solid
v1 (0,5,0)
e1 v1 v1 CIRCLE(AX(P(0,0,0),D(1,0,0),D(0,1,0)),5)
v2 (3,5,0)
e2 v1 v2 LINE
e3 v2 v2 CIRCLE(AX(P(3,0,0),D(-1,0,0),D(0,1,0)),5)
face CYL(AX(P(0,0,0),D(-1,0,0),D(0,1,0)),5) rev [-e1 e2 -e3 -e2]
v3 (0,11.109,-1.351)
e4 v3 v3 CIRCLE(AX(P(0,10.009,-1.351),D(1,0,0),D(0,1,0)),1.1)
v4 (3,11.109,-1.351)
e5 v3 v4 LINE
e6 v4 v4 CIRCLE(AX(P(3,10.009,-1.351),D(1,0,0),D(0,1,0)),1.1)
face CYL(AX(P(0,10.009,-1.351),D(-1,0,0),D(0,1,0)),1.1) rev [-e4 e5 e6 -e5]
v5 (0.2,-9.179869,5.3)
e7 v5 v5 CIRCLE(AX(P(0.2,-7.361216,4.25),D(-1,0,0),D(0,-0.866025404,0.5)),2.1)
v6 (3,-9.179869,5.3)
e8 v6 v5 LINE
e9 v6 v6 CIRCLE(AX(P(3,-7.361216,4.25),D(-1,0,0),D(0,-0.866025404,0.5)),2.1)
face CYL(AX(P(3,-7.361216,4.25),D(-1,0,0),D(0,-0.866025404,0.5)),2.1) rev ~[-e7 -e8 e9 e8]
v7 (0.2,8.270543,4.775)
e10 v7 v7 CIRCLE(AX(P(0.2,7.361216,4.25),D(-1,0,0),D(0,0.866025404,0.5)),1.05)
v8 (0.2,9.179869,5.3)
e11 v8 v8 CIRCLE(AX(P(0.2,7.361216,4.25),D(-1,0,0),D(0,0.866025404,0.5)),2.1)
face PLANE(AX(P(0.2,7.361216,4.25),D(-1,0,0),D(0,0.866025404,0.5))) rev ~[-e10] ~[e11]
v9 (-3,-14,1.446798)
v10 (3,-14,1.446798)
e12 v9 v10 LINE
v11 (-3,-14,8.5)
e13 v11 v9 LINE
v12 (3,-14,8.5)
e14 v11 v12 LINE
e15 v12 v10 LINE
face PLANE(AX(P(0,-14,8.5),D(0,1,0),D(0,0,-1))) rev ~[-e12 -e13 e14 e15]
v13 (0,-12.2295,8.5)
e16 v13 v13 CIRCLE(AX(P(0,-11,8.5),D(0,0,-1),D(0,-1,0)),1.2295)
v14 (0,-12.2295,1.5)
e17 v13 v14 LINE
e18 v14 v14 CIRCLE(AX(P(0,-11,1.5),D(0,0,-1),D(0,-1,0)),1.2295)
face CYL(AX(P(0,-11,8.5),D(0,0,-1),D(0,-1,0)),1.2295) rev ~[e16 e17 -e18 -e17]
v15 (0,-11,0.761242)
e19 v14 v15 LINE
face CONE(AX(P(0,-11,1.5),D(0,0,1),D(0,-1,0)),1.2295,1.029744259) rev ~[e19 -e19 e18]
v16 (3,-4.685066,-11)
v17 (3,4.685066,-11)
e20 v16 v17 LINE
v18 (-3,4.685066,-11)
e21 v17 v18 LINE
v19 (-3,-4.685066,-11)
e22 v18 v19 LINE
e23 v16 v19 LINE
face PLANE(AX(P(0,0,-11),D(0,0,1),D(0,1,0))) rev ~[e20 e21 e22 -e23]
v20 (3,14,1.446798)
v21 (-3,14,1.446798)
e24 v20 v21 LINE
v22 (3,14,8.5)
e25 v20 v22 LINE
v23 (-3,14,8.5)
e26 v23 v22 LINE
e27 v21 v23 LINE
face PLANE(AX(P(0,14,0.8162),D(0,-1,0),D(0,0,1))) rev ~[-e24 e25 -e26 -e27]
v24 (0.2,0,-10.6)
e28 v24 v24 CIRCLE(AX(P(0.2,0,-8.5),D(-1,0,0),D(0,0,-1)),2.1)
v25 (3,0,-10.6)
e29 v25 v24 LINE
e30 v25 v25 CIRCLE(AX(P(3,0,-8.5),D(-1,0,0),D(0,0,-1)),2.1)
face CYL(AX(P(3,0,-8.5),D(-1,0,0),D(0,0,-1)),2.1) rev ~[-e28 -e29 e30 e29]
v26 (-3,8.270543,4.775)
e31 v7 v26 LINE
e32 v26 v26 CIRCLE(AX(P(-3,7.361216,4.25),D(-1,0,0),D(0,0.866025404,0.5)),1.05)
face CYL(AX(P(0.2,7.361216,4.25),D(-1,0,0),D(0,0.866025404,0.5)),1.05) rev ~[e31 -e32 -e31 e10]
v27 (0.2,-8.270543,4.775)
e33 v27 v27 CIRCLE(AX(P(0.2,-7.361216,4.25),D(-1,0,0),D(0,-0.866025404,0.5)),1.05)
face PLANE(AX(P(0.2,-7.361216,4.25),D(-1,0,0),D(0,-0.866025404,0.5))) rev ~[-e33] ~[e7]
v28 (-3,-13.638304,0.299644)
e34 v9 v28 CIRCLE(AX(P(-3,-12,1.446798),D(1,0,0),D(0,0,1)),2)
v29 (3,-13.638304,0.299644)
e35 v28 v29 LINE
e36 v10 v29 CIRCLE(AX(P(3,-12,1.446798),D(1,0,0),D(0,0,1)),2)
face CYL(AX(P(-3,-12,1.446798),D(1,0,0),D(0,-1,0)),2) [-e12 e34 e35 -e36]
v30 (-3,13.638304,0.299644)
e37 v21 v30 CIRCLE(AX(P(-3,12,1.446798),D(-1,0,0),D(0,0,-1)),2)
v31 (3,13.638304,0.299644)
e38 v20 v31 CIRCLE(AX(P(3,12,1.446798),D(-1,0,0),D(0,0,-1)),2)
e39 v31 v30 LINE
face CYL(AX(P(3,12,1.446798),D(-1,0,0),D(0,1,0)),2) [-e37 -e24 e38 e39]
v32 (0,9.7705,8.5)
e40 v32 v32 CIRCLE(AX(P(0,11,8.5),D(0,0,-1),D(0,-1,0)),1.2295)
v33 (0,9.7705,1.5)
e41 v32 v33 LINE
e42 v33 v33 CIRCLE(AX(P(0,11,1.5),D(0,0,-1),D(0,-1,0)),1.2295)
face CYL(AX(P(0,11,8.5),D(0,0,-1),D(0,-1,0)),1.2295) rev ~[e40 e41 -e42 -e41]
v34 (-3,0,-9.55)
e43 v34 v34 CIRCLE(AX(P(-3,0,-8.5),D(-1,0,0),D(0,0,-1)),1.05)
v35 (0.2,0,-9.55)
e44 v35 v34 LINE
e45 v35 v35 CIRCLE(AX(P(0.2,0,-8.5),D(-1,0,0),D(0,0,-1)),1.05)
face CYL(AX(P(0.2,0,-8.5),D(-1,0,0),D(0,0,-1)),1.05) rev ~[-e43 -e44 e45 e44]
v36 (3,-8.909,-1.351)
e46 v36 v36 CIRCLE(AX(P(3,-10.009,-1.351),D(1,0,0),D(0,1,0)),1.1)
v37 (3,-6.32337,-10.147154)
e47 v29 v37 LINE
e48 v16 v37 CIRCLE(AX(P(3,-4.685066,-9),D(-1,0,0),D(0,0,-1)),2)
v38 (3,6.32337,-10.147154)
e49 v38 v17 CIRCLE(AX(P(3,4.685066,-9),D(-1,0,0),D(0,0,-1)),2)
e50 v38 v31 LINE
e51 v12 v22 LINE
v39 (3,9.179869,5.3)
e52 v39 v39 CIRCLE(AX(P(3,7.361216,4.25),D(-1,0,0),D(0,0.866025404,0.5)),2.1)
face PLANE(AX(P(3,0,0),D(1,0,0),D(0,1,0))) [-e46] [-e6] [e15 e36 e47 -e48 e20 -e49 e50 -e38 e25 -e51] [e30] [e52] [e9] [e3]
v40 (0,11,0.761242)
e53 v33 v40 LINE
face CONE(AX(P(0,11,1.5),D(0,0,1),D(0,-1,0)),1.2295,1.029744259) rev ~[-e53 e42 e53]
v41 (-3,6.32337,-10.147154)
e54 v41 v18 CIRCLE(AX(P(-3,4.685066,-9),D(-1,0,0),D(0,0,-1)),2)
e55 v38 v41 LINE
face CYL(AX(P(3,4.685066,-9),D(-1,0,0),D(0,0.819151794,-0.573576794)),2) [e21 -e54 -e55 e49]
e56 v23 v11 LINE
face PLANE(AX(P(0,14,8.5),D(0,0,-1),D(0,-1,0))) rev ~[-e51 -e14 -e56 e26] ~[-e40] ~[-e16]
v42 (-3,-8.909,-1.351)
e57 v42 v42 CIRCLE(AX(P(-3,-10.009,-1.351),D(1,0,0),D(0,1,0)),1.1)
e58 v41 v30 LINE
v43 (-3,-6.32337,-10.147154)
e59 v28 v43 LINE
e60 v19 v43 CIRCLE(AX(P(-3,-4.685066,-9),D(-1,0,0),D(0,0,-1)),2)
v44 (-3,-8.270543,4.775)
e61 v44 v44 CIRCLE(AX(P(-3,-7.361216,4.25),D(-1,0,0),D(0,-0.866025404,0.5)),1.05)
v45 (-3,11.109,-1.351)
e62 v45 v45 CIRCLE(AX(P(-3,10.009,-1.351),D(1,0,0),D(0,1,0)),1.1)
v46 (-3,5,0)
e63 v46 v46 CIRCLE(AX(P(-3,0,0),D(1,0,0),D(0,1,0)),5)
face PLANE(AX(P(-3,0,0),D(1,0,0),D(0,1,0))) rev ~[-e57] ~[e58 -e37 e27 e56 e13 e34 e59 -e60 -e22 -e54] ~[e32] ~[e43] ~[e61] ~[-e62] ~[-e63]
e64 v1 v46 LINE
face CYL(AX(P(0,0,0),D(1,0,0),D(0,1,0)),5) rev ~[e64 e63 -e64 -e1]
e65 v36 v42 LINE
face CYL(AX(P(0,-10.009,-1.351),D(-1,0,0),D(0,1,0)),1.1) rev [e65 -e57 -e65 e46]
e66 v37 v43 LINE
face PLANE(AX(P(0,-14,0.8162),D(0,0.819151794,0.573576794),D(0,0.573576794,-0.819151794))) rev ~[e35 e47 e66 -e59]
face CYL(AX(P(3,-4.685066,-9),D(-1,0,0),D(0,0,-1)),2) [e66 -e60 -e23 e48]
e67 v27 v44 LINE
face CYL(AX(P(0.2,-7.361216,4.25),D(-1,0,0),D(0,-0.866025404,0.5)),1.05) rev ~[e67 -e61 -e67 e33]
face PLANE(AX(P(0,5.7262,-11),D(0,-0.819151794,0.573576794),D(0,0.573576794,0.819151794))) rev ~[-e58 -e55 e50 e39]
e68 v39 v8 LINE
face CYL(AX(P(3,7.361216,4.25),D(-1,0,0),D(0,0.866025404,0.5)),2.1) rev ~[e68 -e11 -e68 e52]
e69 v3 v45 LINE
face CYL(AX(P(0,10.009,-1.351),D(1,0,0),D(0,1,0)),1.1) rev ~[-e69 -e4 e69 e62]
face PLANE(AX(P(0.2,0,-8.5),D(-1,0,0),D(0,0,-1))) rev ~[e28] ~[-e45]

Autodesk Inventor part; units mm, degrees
ref_plane "YZ Plane" through (0, 0, 0) normal (1, 0, 0) x (0, 1, 0)
ref_plane "XZ Plane" through (0, 0, 0) normal (0, 1, 0) x (-1, 0, 0)
ref_plane "XY Plane" through (0, 0, 0) normal (0, 0, 1) x (1, 0, 0)
sketch "Skizze1" plane through (0, 0, 0) normal (1, 0, 0) x (0, 1, 0)
  arc A0 (-6.9821, 8.5) -> (6.9821, 8.5) centre (0, 0) ccw construction
  line L0 (14, 8.5) -> (-14, 8.5)
  line L1 (-14, 8.5) -> (-14, 0.8162)
  line L2 (0, 12.4) -> (0, -14.9) projected
  circle A1 centre (0, 0) radius 5
  line L3 (14, 0.8162) -> (14, 8.5)
  line L4 (-14, 0.8162) -> (-5.7262, -11)
  line L5 (-5.7262, -11) -> (5.7262, -11)
  line L6 (5.7262, -11) -> (14, 0.8162)
  circle A2 centre (10.009, -1.351) radius 1.1
  circle A3 centre (-10.009, -1.351) radius 1.1
  dimension "d0" = 22
  dimension "d2" = 10
  dimension "d19" = 8.5
  dimension "d39" = 14
  dimension "d50" = 2.2
  dimension "d57" = 10.009
  dimension "d58" = 1.351
  dimension "d59" = 35
extrude "Extrusion1" add sketch "Skizze1" along normal mid plane 6 contours L3 L6 L5 L2 A1 L0 | L2 A1 L5 L4 L1 L0
sketch "Skizze2" plane through (3, 0, 0) normal (1, 0, 0) x (0, 0, -1)
  circle A0 centre (0, 0) radius 8.5 construction
  line L0 (0, 0) -> (8.5, 0) construction
  line L1 (-12.4, 0) -> (14.9, 0) projected
  dimension "d6" = 17
hole "Bohrung1" at (3, 0, -8.5) direction (-1, 0, 0) diameter 2.1 end through all counterbore diameter 4.2 counterbore depth 2.8
pattern_circular "Runde Anordnung1" count 3 over 360 about axis through (0, 0, 0) along (1, 0, 0) of "Bohrung1"
sketch "Skizze3" plane through (-3, -14, 8.5) normal (0, 0, 1) x (1, 0, 0)
  line L0 (0, 0) -> (6, 0) projected
  line L1 (6, 28) -> (6, 0) projected
  line L2 (0, 0) -> (0, 28) projected
  line L3 (0, 0) -> (6, 0) construction
  line L4 (3, 0) -> (3, 24.0467) construction
  line L5 (6, 28) -> (0, 28) projected
  line L6 (-1.2, 14) -> (7.2, 14) projected
  point P0 (3, 14)
  point P1 (3, 3)
  point P2 (3, 25)
  dimension "d44" = 11
hole "Bohrung2" at (0, -11, 8.5) at (0, 11, 8.5) direction (0, 0, -1) diameter 2.459 depth 7 tip angle 118 thread size "M3x0.5" class "6H" standard "ISO Metric profile"
sketch "Skizze5" plane through (3, 0, 0) normal (1, 0, 0) x (0, 0, -1)
  circle A0 centre (0, 0) radius 6.5
  dimension "d41" = 13
extrude "Extrusion2" [suppressed]
chamfer "Fase1" [suppressed]
fillet "Rundung2" radius 2 4 edges at (0, -5.7262, -11) (0, 5.7262, -11) (0, -14, 0.8162) (0, 14, 0.8162)
fillet "Rundung1" [suppressed]
properties part number "Motorhalter" material "Aluminium 6061"
